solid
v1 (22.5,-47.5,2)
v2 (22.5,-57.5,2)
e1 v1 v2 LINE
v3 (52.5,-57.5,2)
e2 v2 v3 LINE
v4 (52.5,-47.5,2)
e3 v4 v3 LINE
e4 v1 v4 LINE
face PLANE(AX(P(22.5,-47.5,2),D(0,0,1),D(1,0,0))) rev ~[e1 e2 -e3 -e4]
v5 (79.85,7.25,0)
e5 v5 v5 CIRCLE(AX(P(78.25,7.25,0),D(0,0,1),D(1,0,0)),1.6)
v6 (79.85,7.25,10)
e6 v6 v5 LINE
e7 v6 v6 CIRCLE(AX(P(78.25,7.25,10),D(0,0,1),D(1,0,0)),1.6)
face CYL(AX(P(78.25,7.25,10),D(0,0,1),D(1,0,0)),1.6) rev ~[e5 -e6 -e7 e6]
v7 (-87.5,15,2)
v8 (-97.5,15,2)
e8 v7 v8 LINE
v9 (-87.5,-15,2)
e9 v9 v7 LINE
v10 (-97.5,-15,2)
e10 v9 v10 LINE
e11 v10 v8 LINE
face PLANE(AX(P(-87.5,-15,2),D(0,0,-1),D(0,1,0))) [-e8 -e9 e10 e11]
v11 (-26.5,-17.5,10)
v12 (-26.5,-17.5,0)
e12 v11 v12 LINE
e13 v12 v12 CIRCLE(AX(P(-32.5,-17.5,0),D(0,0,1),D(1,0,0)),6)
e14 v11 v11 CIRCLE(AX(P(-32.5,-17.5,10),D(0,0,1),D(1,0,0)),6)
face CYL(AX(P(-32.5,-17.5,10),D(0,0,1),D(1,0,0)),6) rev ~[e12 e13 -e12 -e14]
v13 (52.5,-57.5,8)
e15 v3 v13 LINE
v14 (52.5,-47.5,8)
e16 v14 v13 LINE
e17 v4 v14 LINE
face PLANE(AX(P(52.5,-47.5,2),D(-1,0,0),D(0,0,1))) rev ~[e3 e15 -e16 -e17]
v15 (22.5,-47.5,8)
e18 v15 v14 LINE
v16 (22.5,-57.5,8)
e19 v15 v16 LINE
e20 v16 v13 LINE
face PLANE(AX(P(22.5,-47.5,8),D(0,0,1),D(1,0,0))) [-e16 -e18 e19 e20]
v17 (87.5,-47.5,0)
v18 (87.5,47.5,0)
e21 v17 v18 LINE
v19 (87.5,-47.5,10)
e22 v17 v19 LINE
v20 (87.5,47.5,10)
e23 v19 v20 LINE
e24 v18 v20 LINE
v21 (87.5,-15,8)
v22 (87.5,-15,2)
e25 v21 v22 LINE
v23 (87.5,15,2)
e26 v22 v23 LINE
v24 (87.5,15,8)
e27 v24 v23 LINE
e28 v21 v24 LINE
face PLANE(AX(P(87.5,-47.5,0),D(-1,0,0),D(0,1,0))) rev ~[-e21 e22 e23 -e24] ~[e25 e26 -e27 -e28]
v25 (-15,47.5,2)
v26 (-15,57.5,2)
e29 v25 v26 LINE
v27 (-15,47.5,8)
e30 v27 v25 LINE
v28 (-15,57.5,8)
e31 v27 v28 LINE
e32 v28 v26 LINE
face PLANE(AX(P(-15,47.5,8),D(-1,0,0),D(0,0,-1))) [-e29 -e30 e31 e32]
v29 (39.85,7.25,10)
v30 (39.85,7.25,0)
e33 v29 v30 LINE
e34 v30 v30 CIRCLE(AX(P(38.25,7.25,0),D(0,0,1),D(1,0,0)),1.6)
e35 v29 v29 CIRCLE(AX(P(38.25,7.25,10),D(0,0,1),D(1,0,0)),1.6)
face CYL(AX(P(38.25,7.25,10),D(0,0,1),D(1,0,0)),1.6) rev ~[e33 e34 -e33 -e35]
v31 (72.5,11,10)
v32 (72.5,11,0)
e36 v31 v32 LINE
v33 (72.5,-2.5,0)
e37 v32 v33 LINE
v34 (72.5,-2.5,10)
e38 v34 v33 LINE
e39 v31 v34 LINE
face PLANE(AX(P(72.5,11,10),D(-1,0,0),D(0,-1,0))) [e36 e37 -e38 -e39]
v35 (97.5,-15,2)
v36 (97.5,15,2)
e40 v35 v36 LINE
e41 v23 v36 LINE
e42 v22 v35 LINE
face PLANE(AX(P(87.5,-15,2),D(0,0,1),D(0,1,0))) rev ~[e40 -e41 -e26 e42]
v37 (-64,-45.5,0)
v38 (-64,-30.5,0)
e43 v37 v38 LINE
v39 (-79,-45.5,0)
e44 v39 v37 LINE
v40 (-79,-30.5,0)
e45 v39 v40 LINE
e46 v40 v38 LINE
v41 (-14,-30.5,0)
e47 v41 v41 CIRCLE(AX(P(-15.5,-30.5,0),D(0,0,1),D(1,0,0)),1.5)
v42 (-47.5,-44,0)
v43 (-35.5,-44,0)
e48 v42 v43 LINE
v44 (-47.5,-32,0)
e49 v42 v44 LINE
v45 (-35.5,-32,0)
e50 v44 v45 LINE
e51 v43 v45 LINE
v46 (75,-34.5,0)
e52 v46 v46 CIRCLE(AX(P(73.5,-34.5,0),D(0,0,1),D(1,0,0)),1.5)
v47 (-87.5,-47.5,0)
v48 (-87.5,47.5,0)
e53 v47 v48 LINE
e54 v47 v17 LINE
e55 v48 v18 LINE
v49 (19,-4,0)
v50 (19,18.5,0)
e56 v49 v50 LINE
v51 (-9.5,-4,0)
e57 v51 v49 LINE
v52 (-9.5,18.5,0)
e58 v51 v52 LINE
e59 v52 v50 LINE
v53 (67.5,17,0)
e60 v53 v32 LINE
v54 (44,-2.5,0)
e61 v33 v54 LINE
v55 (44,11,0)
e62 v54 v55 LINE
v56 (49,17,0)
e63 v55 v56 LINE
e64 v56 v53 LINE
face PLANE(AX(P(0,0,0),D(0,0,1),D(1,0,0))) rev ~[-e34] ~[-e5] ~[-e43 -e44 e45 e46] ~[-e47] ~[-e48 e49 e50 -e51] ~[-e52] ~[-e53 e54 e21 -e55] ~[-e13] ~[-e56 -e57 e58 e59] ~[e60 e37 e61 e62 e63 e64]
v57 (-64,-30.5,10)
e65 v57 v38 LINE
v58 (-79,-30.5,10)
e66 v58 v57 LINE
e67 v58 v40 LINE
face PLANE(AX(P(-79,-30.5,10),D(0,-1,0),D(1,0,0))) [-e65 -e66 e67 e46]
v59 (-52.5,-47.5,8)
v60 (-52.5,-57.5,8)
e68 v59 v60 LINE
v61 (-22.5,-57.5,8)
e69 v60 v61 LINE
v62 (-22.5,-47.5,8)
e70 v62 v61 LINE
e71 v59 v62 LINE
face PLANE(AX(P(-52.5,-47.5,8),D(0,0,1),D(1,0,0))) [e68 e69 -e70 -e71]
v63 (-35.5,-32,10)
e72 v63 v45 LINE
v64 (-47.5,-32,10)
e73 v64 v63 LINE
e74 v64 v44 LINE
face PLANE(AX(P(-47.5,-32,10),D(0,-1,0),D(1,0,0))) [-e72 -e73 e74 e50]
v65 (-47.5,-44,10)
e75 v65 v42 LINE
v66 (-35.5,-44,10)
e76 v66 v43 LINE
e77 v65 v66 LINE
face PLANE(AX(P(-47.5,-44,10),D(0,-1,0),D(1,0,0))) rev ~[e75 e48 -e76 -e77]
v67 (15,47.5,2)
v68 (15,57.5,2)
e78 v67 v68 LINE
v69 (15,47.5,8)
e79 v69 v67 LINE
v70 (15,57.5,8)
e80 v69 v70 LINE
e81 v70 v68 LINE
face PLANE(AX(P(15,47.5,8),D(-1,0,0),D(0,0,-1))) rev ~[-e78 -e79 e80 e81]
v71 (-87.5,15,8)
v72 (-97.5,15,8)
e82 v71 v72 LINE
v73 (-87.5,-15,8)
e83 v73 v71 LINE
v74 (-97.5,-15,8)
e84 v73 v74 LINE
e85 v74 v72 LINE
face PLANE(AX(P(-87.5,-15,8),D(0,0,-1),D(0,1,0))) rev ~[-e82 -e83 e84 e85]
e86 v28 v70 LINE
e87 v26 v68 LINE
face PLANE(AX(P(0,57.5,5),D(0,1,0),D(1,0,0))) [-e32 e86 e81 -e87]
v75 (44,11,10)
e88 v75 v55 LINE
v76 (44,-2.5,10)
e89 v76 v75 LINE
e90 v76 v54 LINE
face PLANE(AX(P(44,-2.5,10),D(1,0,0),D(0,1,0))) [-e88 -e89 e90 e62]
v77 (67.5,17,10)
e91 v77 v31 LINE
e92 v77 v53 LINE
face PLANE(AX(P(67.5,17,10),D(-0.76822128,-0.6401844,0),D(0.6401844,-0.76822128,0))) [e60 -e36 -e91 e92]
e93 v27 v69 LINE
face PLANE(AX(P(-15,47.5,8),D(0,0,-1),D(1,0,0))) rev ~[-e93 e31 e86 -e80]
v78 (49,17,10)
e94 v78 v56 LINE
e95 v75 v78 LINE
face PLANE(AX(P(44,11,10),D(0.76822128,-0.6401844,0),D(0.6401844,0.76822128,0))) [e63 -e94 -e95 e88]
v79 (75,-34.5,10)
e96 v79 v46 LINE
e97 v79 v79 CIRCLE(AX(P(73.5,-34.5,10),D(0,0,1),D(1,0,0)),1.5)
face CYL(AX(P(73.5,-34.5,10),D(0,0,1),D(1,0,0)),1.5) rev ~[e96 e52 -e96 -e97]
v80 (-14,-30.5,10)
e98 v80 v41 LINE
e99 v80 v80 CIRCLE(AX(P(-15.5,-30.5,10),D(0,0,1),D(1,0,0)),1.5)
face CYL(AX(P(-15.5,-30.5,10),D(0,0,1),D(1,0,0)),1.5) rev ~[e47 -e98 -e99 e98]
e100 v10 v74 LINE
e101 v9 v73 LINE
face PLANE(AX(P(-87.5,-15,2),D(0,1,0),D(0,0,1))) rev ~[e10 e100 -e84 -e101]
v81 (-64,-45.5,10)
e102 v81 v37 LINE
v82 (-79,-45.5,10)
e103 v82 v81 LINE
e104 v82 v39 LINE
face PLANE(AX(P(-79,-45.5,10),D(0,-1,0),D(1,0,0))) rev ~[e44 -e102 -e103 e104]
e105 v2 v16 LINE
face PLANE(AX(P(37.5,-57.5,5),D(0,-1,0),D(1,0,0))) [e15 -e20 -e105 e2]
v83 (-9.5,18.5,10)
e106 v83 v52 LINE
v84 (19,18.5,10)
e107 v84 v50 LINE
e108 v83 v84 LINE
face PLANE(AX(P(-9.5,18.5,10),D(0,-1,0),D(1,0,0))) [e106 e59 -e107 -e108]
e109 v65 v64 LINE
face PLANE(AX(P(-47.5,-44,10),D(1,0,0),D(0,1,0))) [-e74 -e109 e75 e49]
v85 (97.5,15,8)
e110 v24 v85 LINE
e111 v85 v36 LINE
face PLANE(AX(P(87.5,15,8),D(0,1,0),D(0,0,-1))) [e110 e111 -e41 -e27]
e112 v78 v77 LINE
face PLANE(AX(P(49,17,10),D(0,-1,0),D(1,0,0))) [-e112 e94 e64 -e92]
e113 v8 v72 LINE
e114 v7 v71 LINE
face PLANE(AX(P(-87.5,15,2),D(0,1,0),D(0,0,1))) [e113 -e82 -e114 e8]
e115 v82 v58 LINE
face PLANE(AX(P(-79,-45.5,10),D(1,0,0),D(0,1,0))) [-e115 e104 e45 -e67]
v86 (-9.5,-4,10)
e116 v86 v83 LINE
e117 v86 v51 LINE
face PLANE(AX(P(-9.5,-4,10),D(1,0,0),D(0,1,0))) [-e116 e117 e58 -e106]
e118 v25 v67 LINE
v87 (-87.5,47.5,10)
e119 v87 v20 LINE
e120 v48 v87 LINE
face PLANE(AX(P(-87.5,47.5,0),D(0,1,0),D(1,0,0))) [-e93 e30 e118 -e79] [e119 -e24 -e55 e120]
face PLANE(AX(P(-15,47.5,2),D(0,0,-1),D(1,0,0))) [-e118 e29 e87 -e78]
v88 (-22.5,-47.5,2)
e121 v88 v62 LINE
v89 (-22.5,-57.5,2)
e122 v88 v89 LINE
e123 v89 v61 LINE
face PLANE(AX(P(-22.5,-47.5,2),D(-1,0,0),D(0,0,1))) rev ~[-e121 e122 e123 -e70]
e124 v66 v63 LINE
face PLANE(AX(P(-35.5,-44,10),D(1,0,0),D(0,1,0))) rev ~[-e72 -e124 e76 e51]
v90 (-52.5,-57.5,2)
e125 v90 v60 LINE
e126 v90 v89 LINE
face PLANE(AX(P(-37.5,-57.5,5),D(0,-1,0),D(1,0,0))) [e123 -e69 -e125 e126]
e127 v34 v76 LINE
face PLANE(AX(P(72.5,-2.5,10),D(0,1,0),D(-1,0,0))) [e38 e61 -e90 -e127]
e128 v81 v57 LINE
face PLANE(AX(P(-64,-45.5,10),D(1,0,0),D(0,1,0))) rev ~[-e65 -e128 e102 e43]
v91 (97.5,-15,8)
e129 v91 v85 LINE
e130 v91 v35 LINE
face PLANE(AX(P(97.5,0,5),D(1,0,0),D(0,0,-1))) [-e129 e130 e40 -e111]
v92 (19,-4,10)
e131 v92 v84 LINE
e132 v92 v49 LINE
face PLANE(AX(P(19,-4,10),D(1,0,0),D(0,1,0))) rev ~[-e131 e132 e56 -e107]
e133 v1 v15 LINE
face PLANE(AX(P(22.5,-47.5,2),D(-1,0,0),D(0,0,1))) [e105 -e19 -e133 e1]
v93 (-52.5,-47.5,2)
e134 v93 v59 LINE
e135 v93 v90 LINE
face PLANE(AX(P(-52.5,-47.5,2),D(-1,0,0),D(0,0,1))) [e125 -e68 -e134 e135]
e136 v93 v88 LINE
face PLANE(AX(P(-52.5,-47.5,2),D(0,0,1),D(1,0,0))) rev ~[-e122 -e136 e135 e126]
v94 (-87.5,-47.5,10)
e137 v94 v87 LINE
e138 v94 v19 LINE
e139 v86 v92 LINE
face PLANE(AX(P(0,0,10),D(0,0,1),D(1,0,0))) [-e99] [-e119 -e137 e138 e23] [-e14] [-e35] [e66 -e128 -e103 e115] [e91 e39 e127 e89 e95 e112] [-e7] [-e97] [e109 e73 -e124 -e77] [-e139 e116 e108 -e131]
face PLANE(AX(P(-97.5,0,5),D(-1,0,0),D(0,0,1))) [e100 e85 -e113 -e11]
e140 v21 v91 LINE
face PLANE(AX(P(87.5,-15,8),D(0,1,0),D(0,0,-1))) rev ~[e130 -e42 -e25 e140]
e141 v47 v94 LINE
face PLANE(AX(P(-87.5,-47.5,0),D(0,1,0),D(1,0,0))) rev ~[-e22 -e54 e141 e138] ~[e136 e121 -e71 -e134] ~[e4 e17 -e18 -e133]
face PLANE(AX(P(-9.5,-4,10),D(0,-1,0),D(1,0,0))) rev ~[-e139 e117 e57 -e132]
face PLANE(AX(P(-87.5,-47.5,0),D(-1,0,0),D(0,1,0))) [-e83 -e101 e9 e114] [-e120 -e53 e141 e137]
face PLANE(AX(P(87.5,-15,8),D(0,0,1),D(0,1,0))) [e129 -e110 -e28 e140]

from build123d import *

# Parameters (mm, degrees)
ESBO_O1_W                = 175
ESBO_O1_H                = 95
RESSALTO_EXTRUS_O1_DEPTH = 10
ESBO_O2_W                = 6
ESBO_O2_H                = 30
RESSALTO_EXTRUS_O2_DEPTH = 10
ESBO_O3_W                = 6
ESBO_O3_H                = 30
RESSALTO_EXTRUS_O3_DEPTH = 10
ESBO_O4_W                = 30
ESBO_O4_H                = 6
RESSALTO_EXTRUS_O4_DEPTH = 10
ESBO_O5_W                = 30
ESBO_O5_H                = 6
RESSALTO_EXTRUS_O5_DEPTH = 10
ESBO_O7_R                = 1.5
ESBO_O7_R_2              = 1.6
ESBO_O7_R_3              = 6
ESBO_O7_W                = 28.5
ESBO_O7_H                = 22.5
ESBO_O7_W_2              = 15
ESBO_O7_H_2              = 15
ESBO_O7_W_3              = 12
ESBO_O7_H_3              = 12
CORTE_EXTRUS_O2_DEPTH    = 10


with BuildPart() as part:
    # Esboço1 → Ressalto-extrusão1 (new body)
    with BuildSketch(Plane.XY):
        Rectangle(ESBO_O1_W, ESBO_O1_H)
    extrude(amount=RESSALTO_EXTRUS_O1_DEPTH)

    # Esboço2 → Ressalto-extrusão2 (add)
    with BuildSketch(Plane.ZY.offset(87.5)):
        with Locations((5, 0)):
            Rectangle(ESBO_O2_W, ESBO_O2_H)
    extrude(amount=RESSALTO_EXTRUS_O2_DEPTH)

    # Esboço3 → Ressalto-extrusão3 (add)
    with BuildSketch(Plane(origin=(87.5, 0, 0), x_dir=(0, 0, -1), z_dir=(1, 0, 0))):
        with Locations((-5, 0)):
            Rectangle(ESBO_O3_W, ESBO_O3_H)
    extrude(amount=RESSALTO_EXTRUS_O3_DEPTH)

    # Esboço4 → Ressalto-extrusão4 (add)
    with BuildSketch(Plane.XZ.offset(47.5)):
        with Locations((37.5, 5)):
            Rectangle(ESBO_O4_W, ESBO_O4_H)
        with Locations((-37.5, 5)):
            Rectangle(ESBO_O4_W, ESBO_O4_H)
    extrude(amount=RESSALTO_EXTRUS_O4_DEPTH)

    # Esboço5 → Ressalto-extrusão5 (add)
    with BuildSketch(Plane(origin=(0, 47.5, 0), x_dir=(1, 0, 0), z_dir=(0, 1, 0))):
        with Locations((0, -5)):
            Rectangle(ESBO_O5_W, ESBO_O5_H)
    extrude(amount=RESSALTO_EXTRUS_O5_DEPTH)

    # Esboço7 → Corte-extrusão2 (cut)
    with BuildSketch(Plane.XY.offset(10)):
        with Locations((73.5, -34.5)):
            Circle(ESBO_O7_R)
        with Locations((-15.5, -30.5)):
            Circle(ESBO_O7_R)
        with Locations((78.25, 7.25)):
            Circle(ESBO_O7_R_2)
        with Locations((38.25, 7.25)):
            Circle(ESBO_O7_R_2)
        with Locations((-32.5, -17.5)):
            Circle(ESBO_O7_R_3)
        Polygon((72.5, -2.5), (44, -2.5), (44, 11), (49, 17), (67.5, 17), (72.5, 11), align=None)
        with Locations((4.75, 7.25)):
            Rectangle(ESBO_O7_W, ESBO_O7_H)
        with Locations((-71.5, -38)):
            Rectangle(ESBO_O7_W_2, ESBO_O7_H_2)
        with Locations((-41.5, -38)):
            Rectangle(ESBO_O7_W_3, ESBO_O7_H_3)
    extrude(amount=-CORTE_EXTRUS_O2_DEPTH, mode=Mode.SUBTRACT)


solid = part.part
